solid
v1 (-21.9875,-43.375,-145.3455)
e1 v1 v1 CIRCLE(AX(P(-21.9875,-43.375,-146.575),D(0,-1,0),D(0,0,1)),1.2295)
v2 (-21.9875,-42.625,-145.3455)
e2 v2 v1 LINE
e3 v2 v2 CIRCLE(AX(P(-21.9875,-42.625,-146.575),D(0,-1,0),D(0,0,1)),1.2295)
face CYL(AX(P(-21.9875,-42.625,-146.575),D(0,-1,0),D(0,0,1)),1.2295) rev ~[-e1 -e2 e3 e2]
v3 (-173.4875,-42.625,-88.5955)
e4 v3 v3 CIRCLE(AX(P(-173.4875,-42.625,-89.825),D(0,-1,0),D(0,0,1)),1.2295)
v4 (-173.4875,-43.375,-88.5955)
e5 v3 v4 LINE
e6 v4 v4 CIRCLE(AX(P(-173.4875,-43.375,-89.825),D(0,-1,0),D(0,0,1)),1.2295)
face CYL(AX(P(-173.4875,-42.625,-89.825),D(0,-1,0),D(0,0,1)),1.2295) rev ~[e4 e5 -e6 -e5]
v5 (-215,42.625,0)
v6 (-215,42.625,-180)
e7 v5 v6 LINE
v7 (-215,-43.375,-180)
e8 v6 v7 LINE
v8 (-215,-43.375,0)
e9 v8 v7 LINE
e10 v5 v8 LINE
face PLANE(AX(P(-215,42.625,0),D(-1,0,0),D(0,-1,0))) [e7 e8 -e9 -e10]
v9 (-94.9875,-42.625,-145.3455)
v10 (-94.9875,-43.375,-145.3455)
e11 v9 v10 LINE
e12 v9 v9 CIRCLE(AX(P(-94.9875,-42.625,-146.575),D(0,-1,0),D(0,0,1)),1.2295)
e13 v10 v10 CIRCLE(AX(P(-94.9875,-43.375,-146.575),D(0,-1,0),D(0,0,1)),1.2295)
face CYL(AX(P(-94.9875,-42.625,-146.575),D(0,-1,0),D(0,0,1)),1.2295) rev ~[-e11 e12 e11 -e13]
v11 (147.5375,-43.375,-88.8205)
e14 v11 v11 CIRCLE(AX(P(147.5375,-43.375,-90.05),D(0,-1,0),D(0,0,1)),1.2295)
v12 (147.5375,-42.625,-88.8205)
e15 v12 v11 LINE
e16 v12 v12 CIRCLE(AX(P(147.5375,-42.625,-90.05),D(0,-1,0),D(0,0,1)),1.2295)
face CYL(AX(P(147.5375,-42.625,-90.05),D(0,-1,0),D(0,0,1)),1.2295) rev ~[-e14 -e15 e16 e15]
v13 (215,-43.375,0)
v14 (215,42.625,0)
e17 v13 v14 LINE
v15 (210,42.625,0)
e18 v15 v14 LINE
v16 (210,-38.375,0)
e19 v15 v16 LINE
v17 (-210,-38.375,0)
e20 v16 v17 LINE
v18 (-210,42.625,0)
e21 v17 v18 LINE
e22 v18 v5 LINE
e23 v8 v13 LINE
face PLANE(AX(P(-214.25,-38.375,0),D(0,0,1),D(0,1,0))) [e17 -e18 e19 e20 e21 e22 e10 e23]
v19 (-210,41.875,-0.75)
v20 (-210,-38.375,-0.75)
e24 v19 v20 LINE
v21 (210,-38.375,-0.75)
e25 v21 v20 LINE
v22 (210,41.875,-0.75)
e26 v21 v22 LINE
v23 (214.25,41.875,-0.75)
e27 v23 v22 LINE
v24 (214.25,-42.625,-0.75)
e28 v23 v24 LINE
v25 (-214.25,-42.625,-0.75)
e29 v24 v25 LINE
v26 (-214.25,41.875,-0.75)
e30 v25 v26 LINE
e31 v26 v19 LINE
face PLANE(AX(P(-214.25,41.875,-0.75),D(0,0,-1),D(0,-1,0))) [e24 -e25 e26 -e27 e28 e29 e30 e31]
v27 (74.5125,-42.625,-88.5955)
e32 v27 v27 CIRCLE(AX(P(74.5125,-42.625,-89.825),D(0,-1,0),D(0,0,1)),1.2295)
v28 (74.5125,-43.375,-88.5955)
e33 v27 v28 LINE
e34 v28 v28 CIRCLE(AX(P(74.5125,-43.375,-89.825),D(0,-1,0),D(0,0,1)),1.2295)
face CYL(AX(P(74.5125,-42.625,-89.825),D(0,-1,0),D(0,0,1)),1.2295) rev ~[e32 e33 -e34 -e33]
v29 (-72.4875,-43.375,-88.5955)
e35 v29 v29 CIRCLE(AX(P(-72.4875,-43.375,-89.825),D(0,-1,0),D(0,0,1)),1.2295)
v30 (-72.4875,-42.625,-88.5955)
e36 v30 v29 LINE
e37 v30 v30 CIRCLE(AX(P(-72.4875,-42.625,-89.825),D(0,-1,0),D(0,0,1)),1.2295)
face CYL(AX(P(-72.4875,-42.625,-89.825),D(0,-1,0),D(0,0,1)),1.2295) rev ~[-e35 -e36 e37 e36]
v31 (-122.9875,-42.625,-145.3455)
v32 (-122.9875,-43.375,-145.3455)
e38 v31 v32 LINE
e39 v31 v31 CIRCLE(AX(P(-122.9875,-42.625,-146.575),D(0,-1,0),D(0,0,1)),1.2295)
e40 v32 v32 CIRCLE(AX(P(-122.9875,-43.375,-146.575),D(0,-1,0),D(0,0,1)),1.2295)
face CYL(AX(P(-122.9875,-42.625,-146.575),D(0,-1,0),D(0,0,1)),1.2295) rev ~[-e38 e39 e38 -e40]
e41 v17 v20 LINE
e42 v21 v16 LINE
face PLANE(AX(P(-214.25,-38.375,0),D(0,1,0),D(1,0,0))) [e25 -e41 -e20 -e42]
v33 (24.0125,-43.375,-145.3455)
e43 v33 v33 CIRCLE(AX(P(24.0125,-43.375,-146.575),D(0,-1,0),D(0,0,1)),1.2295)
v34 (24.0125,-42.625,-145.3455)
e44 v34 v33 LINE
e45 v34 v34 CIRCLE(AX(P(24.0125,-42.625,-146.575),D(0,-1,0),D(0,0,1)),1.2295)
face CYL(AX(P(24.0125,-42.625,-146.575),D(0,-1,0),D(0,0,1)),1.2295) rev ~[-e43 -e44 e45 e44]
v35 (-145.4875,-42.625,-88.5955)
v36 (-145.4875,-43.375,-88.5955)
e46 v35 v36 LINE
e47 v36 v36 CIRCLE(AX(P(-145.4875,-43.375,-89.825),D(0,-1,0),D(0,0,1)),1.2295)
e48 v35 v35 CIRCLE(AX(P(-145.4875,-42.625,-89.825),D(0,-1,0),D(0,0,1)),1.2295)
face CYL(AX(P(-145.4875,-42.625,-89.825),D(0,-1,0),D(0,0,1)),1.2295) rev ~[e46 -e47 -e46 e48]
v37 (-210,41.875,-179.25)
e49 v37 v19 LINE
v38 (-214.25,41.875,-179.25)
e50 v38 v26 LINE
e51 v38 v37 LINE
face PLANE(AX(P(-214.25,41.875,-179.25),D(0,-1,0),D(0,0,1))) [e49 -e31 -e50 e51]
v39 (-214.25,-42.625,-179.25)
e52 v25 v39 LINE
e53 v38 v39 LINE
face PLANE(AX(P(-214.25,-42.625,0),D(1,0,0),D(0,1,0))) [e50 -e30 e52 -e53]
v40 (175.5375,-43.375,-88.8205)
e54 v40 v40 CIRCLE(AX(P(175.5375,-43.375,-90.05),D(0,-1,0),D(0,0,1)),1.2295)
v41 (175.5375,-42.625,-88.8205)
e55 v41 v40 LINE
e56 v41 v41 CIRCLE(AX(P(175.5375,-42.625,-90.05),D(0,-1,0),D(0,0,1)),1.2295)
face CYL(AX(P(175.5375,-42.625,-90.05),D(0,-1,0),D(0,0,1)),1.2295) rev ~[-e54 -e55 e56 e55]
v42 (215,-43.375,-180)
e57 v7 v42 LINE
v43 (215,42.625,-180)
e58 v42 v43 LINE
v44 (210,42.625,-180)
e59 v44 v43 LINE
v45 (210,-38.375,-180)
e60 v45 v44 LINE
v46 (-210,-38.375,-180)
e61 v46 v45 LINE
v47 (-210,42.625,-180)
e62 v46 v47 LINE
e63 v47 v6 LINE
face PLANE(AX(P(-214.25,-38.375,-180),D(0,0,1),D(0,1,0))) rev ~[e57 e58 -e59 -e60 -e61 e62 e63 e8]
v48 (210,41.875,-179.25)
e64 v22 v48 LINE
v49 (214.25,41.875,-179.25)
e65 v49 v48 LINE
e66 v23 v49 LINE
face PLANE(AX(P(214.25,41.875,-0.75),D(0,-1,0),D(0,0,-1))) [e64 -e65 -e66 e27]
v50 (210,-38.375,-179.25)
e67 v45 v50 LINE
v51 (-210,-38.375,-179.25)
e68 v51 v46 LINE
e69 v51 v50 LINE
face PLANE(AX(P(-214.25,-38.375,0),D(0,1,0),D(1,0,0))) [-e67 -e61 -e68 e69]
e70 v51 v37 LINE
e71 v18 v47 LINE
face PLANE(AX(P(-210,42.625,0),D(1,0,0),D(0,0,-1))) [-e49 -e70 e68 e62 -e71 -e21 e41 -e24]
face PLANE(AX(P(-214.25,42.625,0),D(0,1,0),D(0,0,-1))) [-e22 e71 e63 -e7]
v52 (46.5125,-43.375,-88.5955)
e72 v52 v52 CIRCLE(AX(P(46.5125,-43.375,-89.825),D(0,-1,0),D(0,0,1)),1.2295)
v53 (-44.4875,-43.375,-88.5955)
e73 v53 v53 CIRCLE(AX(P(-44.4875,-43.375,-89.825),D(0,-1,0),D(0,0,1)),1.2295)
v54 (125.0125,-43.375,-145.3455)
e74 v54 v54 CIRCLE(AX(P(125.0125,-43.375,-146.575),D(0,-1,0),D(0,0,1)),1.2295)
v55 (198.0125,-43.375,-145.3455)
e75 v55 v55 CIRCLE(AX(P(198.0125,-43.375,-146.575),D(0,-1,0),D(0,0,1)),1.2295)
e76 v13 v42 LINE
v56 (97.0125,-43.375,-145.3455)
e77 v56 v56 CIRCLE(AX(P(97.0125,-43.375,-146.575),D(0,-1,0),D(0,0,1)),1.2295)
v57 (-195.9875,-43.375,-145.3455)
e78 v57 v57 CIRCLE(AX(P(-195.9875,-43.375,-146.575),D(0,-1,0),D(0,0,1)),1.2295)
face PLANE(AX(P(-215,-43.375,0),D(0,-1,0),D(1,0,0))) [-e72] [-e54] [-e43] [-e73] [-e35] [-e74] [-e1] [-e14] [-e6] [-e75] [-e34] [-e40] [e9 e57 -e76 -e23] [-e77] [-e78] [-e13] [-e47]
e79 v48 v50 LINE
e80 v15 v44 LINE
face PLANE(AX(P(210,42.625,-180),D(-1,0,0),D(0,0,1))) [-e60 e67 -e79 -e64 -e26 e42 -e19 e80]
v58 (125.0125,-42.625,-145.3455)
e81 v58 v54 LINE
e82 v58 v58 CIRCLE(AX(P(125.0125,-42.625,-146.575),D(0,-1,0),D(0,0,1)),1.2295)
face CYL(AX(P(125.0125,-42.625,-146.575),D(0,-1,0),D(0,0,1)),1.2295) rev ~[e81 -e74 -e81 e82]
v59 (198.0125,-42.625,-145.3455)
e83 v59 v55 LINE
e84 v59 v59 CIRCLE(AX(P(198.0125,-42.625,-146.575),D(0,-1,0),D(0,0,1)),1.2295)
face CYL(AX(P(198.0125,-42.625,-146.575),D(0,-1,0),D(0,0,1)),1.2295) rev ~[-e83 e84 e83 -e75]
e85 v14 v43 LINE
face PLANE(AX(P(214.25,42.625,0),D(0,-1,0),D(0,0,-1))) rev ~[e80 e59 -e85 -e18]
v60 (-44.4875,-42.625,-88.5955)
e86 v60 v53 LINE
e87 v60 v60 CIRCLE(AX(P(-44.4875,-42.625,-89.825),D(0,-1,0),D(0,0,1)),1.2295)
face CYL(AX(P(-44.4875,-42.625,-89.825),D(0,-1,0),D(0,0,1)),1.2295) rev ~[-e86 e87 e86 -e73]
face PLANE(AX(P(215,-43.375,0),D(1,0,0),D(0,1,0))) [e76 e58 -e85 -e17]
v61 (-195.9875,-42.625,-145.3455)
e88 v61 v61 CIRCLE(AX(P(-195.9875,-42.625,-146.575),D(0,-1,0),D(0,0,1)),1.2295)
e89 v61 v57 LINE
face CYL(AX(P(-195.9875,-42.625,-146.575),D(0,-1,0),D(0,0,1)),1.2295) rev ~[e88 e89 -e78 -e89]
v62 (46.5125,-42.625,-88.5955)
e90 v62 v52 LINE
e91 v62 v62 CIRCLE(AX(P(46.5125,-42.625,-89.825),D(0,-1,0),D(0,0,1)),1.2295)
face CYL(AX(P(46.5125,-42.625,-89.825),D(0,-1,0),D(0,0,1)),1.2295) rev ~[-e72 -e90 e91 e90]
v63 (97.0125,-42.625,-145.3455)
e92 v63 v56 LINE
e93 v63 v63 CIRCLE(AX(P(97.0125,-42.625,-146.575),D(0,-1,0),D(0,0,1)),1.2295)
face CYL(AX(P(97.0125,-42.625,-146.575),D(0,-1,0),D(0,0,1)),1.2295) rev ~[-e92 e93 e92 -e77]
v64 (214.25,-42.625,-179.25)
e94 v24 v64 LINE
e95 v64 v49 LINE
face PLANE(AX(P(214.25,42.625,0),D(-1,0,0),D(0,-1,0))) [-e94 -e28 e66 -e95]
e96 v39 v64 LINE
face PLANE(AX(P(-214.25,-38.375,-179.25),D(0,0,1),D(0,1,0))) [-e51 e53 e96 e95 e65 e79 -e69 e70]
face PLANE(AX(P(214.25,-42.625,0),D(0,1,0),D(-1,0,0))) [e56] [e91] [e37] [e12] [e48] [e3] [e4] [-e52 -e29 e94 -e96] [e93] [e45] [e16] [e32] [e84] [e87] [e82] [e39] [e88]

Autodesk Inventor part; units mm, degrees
ref_plane "YZ Plane" through (0, 0, 0) normal (1, 0, 0) x (0, 1, 0)
ref_plane "XZ Plane" through (0, 0, 0) normal (0, 1, 0) x (-1, 0, 0)
ref_plane "XY Plane" through (0, 0, 0) normal (0, 0, 1) x (1, 0, 0)
sketch "Esboço9" plane through (0, 0, 0) normal (0, 0, 1) x (1, 0, 0)
  line L0 (-215, -43.375) -> (215, -43.375)
  line L1 (215, -43.375) -> (215, 42.625)
  line L2 (215, 42.625) -> (214.25, 42.625)
  line L3 (214.25, 42.625) -> (214.25, -42.625)
  line L4 (214.25, -42.625) -> (-214.25, -42.625)
  line L5 (-214.25, -42.625) -> (-214.25, 42.625)
  line L6 (-214.25, 42.625) -> (-215, 42.625)
  line L7 (-215, 42.625) -> (-215, -43.375)
  point P0 (0, 0)
  dimension "d60" = 430
  dimension "d61" = 86
  dimension "d64" = 85.25
  dimension "d65" = 428.5
  dimension "d67" = 0.75
  dimension "d107" = 214.25
  dimension "d109" = 42.625
extrude "Extrusão6" add sketch "Esboço9" against normal blind 180
sketch "Esboço10" plane through (-214.25, -42.625, 0) normal (0, 1, 0) x (1, 0, 0)
  line L0 (428.5, 0) -> (0, 0) projected
  line L1 (428.5, 0) -> (428.5, 0.75)
  line L2 (428.5, 0) -> (428.5, 180) projected
  line L3 (428.5, 0.75) -> (0, 0.75)
  line L4 (0, 0) -> (0, 180) projected
  line L5 (0, 180) -> (428.5, 180) projected
  line L6 (0, 180) -> (0, 179.25)
  line L7 (0, 0) -> (0, 180) projected
  line L8 (0, 179.25) -> (428.5, 179.25)
  line L9 (428.5, 179.25) -> (428.5, 180)
  line L10 (429.25, 180) -> (-0.75, 180) projected
  line L11 (0, 0.75) -> (0, 0)
  line L12 (-0.75, 0) -> (429.25, 0) projected
  line L13 (0, 180) -> (428.5, 180)
  point P0 (214.25, 0)
  dimension "d95" = 0.75
  dimension "d96" = 0.75
extrude "Extrusão7" add sketch "Esboço10" along normal blind 4.25 contours L0 L4 L3 L1 | L8 L4 L5 L2
sketch "Esboço11" plane through (214.25, 42.625, -180) normal (-1, 0, 0) x (0, 0, 1)
  line L0 (0, -81) -> (0.75, -81) projected
  line L1 (0.75, -81) -> (0, -81)
  line L2 (180, 0) -> (0, 0) projected
  line L3 (0, -81) -> (0, 0)
  line L4 (180, 0) -> (180, -81) projected
  line L5 (0, 0) -> (180, 0)
  line L6 (180, 0) -> (180, -81)
  line L7 (179.25, -81) -> (180, -81) projected
  line L8 (180, -81) -> (179.25, -81)
  line L9 (179.25, -81) -> (179.25, -0.75)
  line L10 (179.25, -0.75) -> (0.75, -0.75)
  line L11 (0.75, -0.75) -> (0.75, -81)
  point P0 (180, -42.625)
  dimension "d100" = 178.5
  dimension "d110" = 81
  dimension "d111" = 80.25
extrude "Extrusão8" add sketch "Esboço11" along normal blind 4.25
sketch "Esboço12" plane through (-214.25, 42.625, 0) normal (1, 0, 0) x (0, 0, -1)
  line L0 (0, -81) -> (0.75, -81) projected
  line L1 (0.75, -81) -> (0, -81)
  line L2 (0, -81) -> (0, 0)
  line L3 (180, -86) -> (180, 0) projected
  line L4 (0, 0) -> (180, 0)
  line L5 (179.25, -81) -> (180, -81) projected
  line L6 (180, 0) -> (180, -81)
  line L7 (180, -81) -> (179.25, -81)
  line L8 (179.25, -81) -> (179.25, -0.75)
  line L9 (179.25, -0.75) -> (0.75, -0.75)
  line L10 (0, -81) -> (0, 0) projected
  line L11 (0.75, -0.75) -> (0.75, -81)
  point P0 (0, -42.625)
  dimension "d103" = 80.25
  dimension "d104" = 178.5
  dimension "d112" = 81
extrude "Extrusão9" add sketch "Esboço12" along normal blind 4.25
sketch "Esboço15" plane through (-214.25, -42.625, -0.75) normal (0, 1, 0) x (1, 0, 0)
  circle A0 centre (311.2625, 145.825) radius 1.75 projected
  circle A1 centre (288.7625, 89.075) radius 1.75 projected
  line L0 (0, 0) -> (428.5, 0) projected
  line L1 (428.5, 0) -> (428.5, 178.5) projected
  line L2 (428.5, 178.5) -> (0, 178.5) projected
  line L3 (0, 0) -> (0, 178.5) projected
  circle A2 centre (260.7625, 89.075) radius 1.75 projected
  circle A3 centre (238.2625, 145.825) radius 1.75 projected
  circle A4 centre (192.2625, 145.825) radius 1.75 projected
  circle A5 centre (169.7625, 89.075) radius 1.75 projected
  circle A6 centre (141.7625, 89.075) radius 1.75 projected
  circle A7 centre (119.2625, 145.825) radius 1.75 projected
  circle A8 centre (91.2625, 145.825) radius 1.75 projected
  circle A9 centre (68.7625, 89.075) radius 1.75 projected
  circle A10 centre (40.7625, 89.075) radius 1.75 projected
  circle A11 centre (18.2625, 145.825) radius 1.75 projected
  circle A12 centre (339.2625, 145.825) radius 1.75 projected
  circle A13 centre (389.7875, 89.3) radius 1.75 projected
  circle A14 centre (412.2625, 145.825) radius 1.75 projected
  circle A15 centre (361.7875, 89.3) radius 1.75 projected
  point P0 (214.25, -0.75)
hole "Furo5" at (-195.9875, -42.625, -146.575) at (-122.9875, -42.625, -146.575) at (-145.4875, -42.625, -89.825) at (-173.4875, -42.625, -89.825) at (-94.9875, -42.625, -146.575) at (-72.4875, -42.625, -89.825) at (-44.4875, -42.625, -89.825) at (-21.9875, -42.625, -146.575) at (24.0125, -42.625, -146.575) at (46.5125, -42.625, -89.825) at (74.5125, -42.625, -89.825) at (97.0125, -42.625, -146.575) at (125.0125, -42.625, -146.575) at (198.0125, -42.625, -146.575) at (175.5375, -42.625, -90.05) at (147.5375, -42.625, -90.05) direction (0, -1, 0) diameter 2.459 end through all thread size "M3x0.5" class "6H" standard "ANSI Metric M Profile"
equation "\"d107\" = 0.5 * d65"
equation "\"d109\" = 0.5 * d64"
properties part number "Ra-Manager_Base"
